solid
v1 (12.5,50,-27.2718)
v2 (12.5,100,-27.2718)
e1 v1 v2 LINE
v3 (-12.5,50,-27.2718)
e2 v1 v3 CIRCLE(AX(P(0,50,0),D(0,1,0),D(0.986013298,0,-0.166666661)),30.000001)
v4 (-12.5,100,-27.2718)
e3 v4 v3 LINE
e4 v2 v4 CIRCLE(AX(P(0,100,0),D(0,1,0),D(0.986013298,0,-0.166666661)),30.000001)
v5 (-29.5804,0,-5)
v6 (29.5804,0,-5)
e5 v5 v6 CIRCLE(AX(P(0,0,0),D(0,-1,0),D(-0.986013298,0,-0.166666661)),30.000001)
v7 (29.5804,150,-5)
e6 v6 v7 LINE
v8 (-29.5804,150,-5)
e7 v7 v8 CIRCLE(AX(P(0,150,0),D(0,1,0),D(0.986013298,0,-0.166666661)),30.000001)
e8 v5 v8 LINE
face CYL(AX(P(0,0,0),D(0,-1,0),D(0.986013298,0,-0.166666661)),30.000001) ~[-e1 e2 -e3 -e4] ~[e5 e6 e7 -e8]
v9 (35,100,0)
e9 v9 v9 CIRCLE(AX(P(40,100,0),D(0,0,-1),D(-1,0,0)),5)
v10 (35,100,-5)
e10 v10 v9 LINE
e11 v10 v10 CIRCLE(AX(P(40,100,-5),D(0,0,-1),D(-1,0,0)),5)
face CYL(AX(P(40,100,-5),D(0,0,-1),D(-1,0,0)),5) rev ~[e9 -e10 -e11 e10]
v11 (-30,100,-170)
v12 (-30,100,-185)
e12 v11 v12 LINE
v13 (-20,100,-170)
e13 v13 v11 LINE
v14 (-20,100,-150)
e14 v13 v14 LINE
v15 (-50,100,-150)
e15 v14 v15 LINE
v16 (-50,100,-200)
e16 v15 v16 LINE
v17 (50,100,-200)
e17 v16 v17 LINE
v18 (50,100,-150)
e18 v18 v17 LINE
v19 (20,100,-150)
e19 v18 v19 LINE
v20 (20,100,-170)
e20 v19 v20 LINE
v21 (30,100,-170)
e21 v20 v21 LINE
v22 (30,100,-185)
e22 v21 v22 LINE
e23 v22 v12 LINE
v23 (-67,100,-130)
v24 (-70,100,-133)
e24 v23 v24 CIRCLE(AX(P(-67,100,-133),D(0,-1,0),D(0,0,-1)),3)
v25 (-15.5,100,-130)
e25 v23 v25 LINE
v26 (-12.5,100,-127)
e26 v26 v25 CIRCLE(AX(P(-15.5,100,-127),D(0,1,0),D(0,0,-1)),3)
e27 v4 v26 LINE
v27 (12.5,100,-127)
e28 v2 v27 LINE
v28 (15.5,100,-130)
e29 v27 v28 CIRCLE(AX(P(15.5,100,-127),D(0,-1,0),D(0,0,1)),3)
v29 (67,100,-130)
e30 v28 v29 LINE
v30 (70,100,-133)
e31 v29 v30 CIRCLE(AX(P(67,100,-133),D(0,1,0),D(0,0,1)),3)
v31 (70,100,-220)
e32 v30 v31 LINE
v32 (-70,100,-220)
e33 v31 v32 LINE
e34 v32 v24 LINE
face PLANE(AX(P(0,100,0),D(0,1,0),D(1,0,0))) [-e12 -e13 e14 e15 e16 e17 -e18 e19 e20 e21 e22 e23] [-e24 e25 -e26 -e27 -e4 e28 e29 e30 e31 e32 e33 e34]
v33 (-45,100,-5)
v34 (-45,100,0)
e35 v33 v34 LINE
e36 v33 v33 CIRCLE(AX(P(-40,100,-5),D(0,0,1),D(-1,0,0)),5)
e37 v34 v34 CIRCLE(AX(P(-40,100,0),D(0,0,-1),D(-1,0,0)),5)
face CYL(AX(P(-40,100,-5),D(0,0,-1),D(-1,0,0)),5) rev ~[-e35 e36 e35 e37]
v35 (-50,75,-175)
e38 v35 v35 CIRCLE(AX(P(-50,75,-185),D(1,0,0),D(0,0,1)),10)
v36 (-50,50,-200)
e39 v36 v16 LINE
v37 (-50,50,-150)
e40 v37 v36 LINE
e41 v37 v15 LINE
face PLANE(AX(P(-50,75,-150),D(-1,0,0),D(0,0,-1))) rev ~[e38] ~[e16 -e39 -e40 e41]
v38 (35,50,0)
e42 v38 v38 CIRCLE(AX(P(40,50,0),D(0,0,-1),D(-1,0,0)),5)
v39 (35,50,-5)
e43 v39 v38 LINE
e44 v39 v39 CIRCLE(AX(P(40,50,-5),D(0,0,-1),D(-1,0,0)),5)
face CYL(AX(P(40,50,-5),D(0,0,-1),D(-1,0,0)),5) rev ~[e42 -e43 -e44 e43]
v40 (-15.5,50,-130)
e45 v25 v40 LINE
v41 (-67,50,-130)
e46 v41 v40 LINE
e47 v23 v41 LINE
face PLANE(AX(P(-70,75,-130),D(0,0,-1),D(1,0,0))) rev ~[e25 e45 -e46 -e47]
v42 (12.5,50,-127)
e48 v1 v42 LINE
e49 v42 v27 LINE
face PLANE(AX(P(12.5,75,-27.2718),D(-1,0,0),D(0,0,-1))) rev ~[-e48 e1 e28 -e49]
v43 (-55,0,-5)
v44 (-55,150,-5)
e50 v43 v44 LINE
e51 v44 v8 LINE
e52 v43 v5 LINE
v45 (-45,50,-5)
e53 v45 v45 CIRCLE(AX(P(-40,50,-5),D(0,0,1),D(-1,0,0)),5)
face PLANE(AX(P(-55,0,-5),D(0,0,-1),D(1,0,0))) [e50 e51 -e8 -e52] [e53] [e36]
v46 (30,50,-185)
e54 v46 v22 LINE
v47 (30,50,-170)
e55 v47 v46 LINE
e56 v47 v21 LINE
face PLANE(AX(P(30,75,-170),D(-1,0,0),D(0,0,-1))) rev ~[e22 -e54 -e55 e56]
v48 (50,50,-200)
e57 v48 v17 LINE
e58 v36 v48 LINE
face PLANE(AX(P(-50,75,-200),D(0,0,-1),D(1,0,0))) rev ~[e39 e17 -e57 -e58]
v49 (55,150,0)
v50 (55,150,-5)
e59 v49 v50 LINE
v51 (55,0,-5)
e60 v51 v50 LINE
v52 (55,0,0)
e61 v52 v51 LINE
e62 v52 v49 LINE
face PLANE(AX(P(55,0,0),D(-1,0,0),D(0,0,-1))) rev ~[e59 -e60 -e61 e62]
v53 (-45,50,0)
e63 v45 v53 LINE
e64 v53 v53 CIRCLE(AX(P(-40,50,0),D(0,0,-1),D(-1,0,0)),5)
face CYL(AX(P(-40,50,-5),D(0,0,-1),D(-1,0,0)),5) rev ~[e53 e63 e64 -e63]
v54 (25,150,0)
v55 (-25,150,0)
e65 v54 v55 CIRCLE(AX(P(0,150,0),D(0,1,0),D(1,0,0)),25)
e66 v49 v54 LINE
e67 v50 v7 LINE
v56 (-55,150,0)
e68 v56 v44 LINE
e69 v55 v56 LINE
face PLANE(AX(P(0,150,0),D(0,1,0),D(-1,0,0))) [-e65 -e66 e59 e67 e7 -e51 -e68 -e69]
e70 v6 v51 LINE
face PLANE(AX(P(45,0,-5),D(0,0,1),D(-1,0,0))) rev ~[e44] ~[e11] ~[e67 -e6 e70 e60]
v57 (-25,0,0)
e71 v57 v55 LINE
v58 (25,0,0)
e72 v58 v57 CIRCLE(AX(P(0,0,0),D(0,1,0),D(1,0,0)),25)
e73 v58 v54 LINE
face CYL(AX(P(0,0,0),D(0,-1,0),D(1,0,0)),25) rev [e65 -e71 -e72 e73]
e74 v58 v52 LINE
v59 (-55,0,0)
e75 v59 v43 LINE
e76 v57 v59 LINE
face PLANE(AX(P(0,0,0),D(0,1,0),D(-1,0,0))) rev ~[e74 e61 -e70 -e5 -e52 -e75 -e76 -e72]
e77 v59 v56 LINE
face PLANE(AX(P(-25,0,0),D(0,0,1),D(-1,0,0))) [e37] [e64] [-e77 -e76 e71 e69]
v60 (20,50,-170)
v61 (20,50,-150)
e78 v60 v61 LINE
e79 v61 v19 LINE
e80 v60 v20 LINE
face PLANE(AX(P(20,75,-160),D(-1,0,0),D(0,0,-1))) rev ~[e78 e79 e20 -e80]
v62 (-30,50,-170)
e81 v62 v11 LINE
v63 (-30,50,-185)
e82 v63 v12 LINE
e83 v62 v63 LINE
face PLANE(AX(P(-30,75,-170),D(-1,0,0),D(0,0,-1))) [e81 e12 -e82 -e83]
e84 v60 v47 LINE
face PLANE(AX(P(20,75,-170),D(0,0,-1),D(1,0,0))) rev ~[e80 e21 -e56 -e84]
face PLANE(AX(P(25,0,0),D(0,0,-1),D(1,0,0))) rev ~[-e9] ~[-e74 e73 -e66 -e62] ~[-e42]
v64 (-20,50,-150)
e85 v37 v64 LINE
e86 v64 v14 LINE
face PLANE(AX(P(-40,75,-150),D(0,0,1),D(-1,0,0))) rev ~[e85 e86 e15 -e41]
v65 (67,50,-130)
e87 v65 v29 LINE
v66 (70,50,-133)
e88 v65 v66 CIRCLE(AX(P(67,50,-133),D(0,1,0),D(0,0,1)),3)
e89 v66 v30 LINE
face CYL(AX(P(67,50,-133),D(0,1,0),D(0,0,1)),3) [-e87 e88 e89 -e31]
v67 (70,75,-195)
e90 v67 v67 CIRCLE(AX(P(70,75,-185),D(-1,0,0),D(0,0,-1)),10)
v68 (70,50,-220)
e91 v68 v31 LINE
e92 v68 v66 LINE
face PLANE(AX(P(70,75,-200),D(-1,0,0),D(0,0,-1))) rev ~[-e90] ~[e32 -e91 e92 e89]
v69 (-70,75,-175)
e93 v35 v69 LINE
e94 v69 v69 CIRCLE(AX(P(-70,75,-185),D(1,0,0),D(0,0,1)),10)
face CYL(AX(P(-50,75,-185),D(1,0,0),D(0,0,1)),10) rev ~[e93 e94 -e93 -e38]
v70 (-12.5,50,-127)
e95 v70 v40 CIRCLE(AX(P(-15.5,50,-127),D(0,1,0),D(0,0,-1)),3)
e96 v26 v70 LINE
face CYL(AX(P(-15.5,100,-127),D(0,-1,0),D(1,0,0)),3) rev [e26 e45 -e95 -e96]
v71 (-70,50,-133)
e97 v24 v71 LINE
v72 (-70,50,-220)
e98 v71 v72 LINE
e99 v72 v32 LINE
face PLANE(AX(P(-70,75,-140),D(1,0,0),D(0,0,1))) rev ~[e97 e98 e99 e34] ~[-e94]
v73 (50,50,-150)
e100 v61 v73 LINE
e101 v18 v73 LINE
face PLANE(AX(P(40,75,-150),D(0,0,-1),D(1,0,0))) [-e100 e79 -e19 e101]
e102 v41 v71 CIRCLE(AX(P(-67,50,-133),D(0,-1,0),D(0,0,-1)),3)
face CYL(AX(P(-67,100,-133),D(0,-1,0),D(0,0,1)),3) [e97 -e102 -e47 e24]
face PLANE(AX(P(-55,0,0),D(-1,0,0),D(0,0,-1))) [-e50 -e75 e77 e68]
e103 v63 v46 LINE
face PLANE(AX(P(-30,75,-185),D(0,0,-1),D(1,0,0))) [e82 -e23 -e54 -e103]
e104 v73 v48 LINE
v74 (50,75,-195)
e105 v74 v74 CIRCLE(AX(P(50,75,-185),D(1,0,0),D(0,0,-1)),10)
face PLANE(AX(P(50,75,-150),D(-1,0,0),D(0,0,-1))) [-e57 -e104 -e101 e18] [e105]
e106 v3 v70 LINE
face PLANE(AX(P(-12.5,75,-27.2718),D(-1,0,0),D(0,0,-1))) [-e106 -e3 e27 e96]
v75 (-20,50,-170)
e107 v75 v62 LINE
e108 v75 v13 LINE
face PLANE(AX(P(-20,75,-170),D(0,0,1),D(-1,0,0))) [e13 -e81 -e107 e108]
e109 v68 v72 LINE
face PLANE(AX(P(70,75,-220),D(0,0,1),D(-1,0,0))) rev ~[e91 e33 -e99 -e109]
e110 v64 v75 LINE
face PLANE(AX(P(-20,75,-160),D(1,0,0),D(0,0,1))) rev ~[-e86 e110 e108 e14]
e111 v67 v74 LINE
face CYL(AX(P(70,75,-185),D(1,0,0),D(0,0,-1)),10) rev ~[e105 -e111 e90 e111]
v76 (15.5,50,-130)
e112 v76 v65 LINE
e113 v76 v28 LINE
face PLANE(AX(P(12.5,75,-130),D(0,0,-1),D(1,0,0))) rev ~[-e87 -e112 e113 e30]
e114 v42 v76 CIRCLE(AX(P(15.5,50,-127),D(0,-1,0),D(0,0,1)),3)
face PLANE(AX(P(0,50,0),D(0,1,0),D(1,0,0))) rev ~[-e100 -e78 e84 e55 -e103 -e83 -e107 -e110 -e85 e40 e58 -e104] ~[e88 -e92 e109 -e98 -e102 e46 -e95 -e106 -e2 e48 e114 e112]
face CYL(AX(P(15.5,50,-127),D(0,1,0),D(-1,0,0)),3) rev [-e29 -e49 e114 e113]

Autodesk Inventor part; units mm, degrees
ref_plane "YZ Plane" through (0, 0, 0) normal (1, 0, 0) x (0, 1, 0)
ref_plane "XZ Plane" through (0, 0, 0) normal (0, 1, 0) x (-1, 0, 0)
sketch "Sketch1" plane through (0, 0, 0) normal (0, 1, 0) x (-1, 0, 0)
  arc A0 (-25, 0) -> (25, 0) centre (0, 0) ccw
  arc A1 (-29.5804, -5) -> (29.5804, -5) centre (0, 0) ccw
  line L0 (25, 0) -> (55, 0)
  line L1 (55, 0) -> (55, -5)
  line L2 (55, -5) -> (29.5804, -5)
  line L3 (-25, 0) -> (-45, 0)
  line L4 (-45, -5) -> (-29.5804, -5)
  line L5 (0, 0) -> (12.5, 0) construction
  line L6 (12.5, -300) -> (0, -300) construction
  line L7 (0, -185) -> (0, 0) construction
  line L8 (0, 0) -> (-12.5, 0) construction
  line L9 (-12.5, -300) -> (0, -300) construction
  line L10 (0, 0) -> (0, -150) construction
  line L11 (-40, -150) -> (40, -150)
  line L12 (40, -160) -> (40, -210)
  line L13 (-30, -210) -> (-40, -210) construction
  line L14 (-40, -210) -> (-40, -160)
  line L15 (-40, -150) -> (40, -210) construction
  line L16 (40, -150) -> (-40, -210) construction
  line L17 (40, -150) -> (50, -150)
  line L18 (50, -150) -> (50, -210)
  line L19 (50, -210) -> (40, -210)
  line L20 (-40, -150) -> (-50, -150)
  line L21 (-50, -150) -> (-50, -210)
  line L22 (-50, -210) -> (-40, -210)
  line L23 (12.5, -150) -> (12.5, -160) construction
  line L24 (12.5, -150) -> (12.5, -160)
  line L25 (40, -160) -> (12.5, -160)
  line L26 (-12.5, -160) -> (-40, -160)
  line L27 (0, -160) -> (20, -160) construction
  line L28 (20, -160) -> (20, -170)
  line L29 (20, -170) -> (30, -170)
  line L30 (30, -170) -> (30, -185)
  line L31 (30, -185) -> (0, -185)
  line L32 (0, -160) -> (-20, -160) construction
  line L33 (-20, -160) -> (-20, -170)
  line L34 (-20, -170) -> (-30, -170)
  line L35 (-30, -170) -> (-30, -185)
  line L36 (-30, -185) -> (0, -185)
  line L37 (-25, 0) -> (-55, 0)
  line L38 (-55, -5) -> (-29.5804, -5)
  line L39 (-55, 0) -> (-55, -5)
  line L40 (12.5, -27.2718) -> (12.5, -150)
  line L41 (-12.5, -27.2718) -> (-12.5, -150)
  point P0 (0, -180)
  dimension "d0" = 50
  dimension "d1" = 60
  dimension "d2" = 30
  dimension "d3" = 5
  dimension "d5" = 5
  dimension "d6" = 12.5
  dimension "d7" = 300
  dimension "d8" = 150
  dimension "d9" = 80
  dimension "d10" = 60
  dimension "d11" = 10
  dimension "d12" = 10
  dimension "d13" = 20
  dimension "d14" = 10
  dimension "d15" = 10
  dimension "d16" = 15
extrude "Extrusion1" add sketch "Sketch1" along normal blind 150 contours A0 L0 L1 L2 A1 L4 L38 L39 L37 L3
ref_plane "Work Plane1" through (0, 75, 0) normal (0, 1, 0) x (1, 0, 0)
sketch "Sketch3" plane through (0, 75, 0) normal (0, 1, 0) x (1, 0, 0)
  line L0 (25, 0) -> (55, 0)
  line L1 (-25, 0) -> (-45, 0)
  line L2 (0, 0) -> (12.5, 0) construction
  line L3 (0, 0) -> (-12.5, 0) construction
  line L4 (-25, 0) -> (-55, 0)
  arc A0 (25, 0) -> (-25, 0) centre (0, 0) ccw
  arc A1 (29.5804, 5) -> (-29.5804, 5) centre (0, 0) ccw
  line L5 (55, 0) -> (55, 5)
  line L6 (55, 5) -> (29.5804, 5)
  line L7 (-45, 5) -> (-29.5804, 5)
  line L8 (0, 185) -> (0, 0) construction
  line L9 (0, 0) -> (0, 150) construction
  line L10 (-40, 150) -> (40, 210) construction
  line L11 (40, 150) -> (-40, 210) construction
  line L12 (40, 150) -> (50, 150)
  line L13 (50, 150) -> (50, 200)
  line L14 (-50, 150) -> (-50, 200)
  line L15 (-40, 150) -> (-50, 150)
  line L16 (0, 160) -> (12.5, 160) construction
  line L17 (20, 160) -> (20, 170)
  line L18 (20, 170) -> (30, 170)
  line L19 (30, 170) -> (30, 185)
  line L20 (30, 185) -> (0, 185)
  line L21 (0, 160) -> (-12.5, 160) construction
  line L22 (-20, 160) -> (-20, 170)
  line L23 (-20, 170) -> (-30, 170)
  line L24 (-30, 170) -> (-30, 185)
  line L25 (-30, 185) -> (0, 185)
  line L26 (-55, 5) -> (-29.5804, 5)
  line L27 (12.5, 27.2718) -> (12.5, 130)
  line L28 (-12.5, 27.2718) -> (-12.5, 130)
  line L29 (-40, 150) -> (-20, 150)
  line L30 (20, 150) -> (40, 150)
  line L31 (-70, 200) -> (-70, 140)
  line L32 (50, 150) -> (50, 200)
  line L33 (-50, 200) -> (-50, 150)
  line L34 (-50, 150) -> (50, 210) construction
  line L35 (50, 150) -> (-50, 210) construction
  line L36 (20, 160) -> (20, 150)
  line L37 (-20, 160) -> (-20, 150)
  line L38 (-50, 150) -> (-20, 150)
  line L39 (20, 150) -> (50, 150)
  line L40 (70, 200) -> (70, 140)
  line L41 (-50, 150) -> (50, 150)
  line L42 (50, 150) -> (50, 200)
  line L43 (-50, 200) -> (-50, 150)
  line L44 (-70, 140) -> (-70, 130)
  line L45 (-70, 130) -> (-12.5, 130)
  line L46 (12.5, 130) -> (70, 130)
  line L47 (70, 130) -> (70, 140)
  line L48 (-50, 200) -> (50, 200)
  line L49 (70, 200) -> (70, 220)
  line L50 (70, 220) -> (-70, 220)
  line L51 (-70, 220) -> (-70, 200)
  point P0 (-45, -5)
  point P1 (0, 180)
  dimension "d21" = 30
  dimension "d62" = 50
  dimension "d63" = 10
  dimension "d65" = 20
extrude "Extrusion2" add sketch "Sketch3" along normal mid plane 50 contours A1 L28 L45 L44 L31 L51 L50 L49 L40 L47 L46 L27 | L41 L37 L22 L23 L24 L25 L20 L19 L18 L17 L36
sketch "Sketch5" plane through (-50, 50, -150) normal (1, 0, 0) x (0, 0, 1)
  line L0 (-35, 0) -> (-35, -50) construction
  circle A0 centre (-35, -25) radius 10
  point P0 (150, 50)
  dimension "d38" = 20
extrude "Extrusion4" cut sketch "Sketch5" against normal blind 20
sketch "Sketch6" plane through (55, 0, -5) normal (0, 0, -1) x (-1, 0, 0)
  line L0 (30, 0) -> (0, 0) projected
  line L1 (15, 0) -> (15, 50) construction
  line L2 (15, 50) -> (15, 100) construction
  circle A0 centre (15, 100) radius 5
  circle A1 centre (15, 50) radius 5
  point P0 (55, 0)
  dimension "d43" = 50
  dimension "d44" = 50
  dimension "d45" = 10
  dimension "d46" = 10
extrude "Extrusion5" cut sketch "Sketch6" against normal blind 10
sketch "Sketch7" plane through (-29.5804, 0, -5) normal (0, 0, -1) x (-1, 0, 0)
  line L0 (25.4196, 0) -> (-4.5804, 0) projected
  line L1 (10.4196, 50) -> (10.4196, 100) construction
  line L2 (10.4196, 0) -> (10.4196, 50) construction
  line L3 (10.4196, 50) -> (10.4196, 100)
  circle A0 centre (10.4196, 100) radius 5
  circle A1 centre (10.4196, 50) radius 5
  point P0 (-29.5804, 0)
  dimension "d49" = 50
  dimension "d50" = 50
  dimension "d51" = 10
  dimension "d52" = 10
extrude "Extrusion6" cut sketch "Sketch7" against normal blind 10
fillet "Fillet2" radius 3 4 edges at (70, 75, -130) (12.5, 75, -130) (-12.5, 75, -130) (-70, 75, -130)
sketch "Sketch8" plane through (70, 50, -220) normal (1, 0, 0) x (0, 0, -1)
  line L0 (-35, 0) -> (-35, 50) projected
  circle A0 centre (-35, 25) radius 10
  point P0 (-220, -50)
  dimension "d66" = 20
extrude "Extrusion7" cut sketch "Sketch8" against normal blind 20
thread "Thread1" size "M20x2.5" class "6H" standard "ANSI Metric M Profile" full length
properties part number "Clamp jaw"
